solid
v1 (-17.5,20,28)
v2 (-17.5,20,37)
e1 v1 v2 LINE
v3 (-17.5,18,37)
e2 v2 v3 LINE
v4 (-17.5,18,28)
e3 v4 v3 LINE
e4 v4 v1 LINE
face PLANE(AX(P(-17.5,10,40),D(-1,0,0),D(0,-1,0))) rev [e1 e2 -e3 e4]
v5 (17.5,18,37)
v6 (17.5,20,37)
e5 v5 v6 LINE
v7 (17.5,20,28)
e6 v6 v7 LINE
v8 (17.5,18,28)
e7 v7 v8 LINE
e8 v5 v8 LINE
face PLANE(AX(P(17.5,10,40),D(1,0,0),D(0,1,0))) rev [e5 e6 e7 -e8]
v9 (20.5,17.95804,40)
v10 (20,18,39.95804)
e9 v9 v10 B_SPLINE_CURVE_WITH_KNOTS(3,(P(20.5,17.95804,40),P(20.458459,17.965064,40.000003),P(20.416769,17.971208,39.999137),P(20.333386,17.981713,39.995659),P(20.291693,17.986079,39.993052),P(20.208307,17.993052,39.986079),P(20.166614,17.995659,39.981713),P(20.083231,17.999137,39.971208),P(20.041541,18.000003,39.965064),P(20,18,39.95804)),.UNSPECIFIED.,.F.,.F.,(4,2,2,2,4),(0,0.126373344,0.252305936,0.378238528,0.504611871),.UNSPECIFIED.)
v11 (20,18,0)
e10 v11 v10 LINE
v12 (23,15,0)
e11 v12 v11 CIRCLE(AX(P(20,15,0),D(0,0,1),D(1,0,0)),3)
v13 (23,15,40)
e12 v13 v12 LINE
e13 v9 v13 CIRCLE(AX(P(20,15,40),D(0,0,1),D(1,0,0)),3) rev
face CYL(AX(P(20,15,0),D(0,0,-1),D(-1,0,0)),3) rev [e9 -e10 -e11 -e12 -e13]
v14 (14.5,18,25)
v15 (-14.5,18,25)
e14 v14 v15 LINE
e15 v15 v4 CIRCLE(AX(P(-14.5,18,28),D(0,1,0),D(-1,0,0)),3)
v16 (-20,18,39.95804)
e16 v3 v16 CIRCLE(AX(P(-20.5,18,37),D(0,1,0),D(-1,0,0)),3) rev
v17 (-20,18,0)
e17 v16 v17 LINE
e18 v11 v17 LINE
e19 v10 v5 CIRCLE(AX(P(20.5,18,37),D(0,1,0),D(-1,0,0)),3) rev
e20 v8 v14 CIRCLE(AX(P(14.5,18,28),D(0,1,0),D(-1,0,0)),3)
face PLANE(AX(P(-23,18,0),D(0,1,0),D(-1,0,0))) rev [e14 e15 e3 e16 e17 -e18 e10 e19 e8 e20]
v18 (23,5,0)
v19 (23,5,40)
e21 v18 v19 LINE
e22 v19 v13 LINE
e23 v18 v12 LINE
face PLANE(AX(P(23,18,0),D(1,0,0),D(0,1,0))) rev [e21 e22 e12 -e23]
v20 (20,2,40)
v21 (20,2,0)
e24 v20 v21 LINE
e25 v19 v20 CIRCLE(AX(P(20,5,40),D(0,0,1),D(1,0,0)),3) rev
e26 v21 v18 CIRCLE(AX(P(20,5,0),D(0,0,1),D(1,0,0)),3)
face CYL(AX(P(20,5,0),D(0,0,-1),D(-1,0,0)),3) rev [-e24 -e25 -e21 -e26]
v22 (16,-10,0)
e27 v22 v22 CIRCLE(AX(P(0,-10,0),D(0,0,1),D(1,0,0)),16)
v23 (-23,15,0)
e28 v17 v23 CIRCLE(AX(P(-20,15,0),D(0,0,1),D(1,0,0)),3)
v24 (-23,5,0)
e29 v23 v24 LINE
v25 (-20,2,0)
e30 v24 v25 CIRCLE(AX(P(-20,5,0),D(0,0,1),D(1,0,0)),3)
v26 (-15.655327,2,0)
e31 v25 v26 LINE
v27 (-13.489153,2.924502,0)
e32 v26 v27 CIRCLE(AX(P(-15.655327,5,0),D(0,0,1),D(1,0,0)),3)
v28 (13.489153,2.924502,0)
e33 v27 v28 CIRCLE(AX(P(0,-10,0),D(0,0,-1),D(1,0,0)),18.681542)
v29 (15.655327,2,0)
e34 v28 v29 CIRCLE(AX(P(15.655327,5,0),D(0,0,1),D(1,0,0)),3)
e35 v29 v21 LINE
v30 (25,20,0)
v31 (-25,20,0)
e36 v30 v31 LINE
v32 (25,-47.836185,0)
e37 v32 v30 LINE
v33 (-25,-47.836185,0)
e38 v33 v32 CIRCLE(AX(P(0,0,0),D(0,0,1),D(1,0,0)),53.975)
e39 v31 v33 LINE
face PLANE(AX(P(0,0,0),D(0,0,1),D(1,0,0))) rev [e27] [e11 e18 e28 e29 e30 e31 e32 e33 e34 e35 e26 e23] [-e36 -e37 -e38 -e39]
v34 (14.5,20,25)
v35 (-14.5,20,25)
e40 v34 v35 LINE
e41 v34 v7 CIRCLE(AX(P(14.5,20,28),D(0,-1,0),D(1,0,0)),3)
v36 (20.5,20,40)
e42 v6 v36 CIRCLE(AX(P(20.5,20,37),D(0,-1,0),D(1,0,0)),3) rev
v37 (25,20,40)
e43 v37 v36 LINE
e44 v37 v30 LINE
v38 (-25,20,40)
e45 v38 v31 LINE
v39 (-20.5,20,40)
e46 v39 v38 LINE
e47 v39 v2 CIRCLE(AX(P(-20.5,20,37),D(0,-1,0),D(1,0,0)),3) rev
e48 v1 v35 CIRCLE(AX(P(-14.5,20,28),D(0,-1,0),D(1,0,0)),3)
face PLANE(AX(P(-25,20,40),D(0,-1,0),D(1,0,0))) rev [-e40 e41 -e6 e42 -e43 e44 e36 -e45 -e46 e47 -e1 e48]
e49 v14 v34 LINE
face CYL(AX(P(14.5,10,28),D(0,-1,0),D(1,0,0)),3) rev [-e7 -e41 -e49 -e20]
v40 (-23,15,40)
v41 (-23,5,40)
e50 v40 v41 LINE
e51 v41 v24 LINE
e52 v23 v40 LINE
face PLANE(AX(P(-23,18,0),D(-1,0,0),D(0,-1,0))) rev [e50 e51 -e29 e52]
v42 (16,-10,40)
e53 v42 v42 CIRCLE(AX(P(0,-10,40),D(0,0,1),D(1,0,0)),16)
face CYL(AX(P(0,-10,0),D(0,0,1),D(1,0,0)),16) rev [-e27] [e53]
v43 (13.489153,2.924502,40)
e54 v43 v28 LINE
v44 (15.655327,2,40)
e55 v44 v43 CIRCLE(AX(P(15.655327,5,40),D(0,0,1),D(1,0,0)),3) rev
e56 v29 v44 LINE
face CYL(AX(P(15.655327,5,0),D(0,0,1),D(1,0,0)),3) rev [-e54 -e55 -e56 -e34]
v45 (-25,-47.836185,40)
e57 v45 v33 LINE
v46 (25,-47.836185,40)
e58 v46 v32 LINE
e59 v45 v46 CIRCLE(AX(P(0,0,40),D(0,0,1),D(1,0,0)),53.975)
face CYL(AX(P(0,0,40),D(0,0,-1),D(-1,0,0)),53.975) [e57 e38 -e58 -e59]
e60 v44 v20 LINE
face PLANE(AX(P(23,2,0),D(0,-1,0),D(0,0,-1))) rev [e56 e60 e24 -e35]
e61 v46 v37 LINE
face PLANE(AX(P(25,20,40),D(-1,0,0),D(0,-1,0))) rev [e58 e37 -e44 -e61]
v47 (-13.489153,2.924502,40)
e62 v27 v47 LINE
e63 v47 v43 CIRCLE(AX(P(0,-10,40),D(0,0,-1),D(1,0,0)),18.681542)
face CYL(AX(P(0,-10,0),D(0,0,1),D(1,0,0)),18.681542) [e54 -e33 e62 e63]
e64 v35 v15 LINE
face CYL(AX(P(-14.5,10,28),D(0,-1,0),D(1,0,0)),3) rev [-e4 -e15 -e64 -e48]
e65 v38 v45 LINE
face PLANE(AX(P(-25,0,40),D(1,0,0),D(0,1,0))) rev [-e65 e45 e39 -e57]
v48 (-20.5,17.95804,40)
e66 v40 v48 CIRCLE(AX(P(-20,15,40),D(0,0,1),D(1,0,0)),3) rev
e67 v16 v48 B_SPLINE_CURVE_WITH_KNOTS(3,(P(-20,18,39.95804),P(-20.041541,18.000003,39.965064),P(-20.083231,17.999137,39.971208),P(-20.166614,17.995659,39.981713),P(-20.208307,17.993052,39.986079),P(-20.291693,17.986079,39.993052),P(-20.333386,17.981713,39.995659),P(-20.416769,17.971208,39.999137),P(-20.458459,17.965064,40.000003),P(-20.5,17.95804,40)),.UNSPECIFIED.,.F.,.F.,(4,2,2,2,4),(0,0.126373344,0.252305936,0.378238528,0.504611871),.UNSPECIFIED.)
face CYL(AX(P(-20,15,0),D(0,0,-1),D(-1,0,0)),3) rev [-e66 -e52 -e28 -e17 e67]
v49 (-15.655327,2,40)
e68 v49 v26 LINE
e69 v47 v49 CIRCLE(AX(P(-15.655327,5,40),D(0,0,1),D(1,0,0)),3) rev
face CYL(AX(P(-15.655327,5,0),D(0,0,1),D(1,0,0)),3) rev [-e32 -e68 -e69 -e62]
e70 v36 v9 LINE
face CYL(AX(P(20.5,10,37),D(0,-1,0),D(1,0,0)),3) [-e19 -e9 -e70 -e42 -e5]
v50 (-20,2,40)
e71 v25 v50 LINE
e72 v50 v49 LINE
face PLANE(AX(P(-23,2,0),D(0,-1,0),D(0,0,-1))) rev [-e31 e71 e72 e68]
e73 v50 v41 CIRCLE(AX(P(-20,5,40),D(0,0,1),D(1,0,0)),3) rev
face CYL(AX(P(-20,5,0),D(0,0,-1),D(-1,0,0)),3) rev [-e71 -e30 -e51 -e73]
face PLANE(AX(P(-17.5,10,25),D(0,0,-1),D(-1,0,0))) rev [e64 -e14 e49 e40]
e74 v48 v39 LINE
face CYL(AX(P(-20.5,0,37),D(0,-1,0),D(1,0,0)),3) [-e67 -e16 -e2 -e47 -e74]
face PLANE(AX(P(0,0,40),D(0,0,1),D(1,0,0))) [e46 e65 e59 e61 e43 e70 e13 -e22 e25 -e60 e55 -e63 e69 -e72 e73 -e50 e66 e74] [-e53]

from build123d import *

# Parameters (mm, degrees)
BOSS_EXTRUDE2_DEPTH     = 40
CUT_EXTRUDE1_DEPTH      = 72.681940717
CUT_EXTRUDE1_DEPTH_BACK = 72.681940717
SKETCH2_R               = 16
CUT_EXTRUDE3_DEPTH      = 72.681940717
FILLET1_R               = 3
SKETCH5_W               = 35
SKETCH5_H               = 15
CUT_EXTRUDE4_DEPTH      = 10
FILLET2_R               = 3


with BuildPart() as part:
    # Sketch1 → Boss-Extrude2 (new body)
    with BuildSketch(Plane.XY):
        with BuildLine():
            Line((-25, 0), (-25, -47.83618531))
            ThreePointArc((-25, -47.83618531), (0, -53.975), (25, -47.83618531))
            Line((25, -47.83618531), (25, 0))
            Line((25, 0), (25, 20))
            Line((25, 20), (-25, 20))
            Line((-25, 20), (-25, 0))
        make_face()
    extrude(amount=BOSS_EXTRUDE2_DEPTH)

    # Sketch2 → Cut-Extrude1 (cut, two sides: drawn at the far end of the back side and taken through both)
    with BuildSketch(Plane.XY.offset(40).offset(-CUT_EXTRUDE1_DEPTH_BACK)):
        with Locations((0, -10)):
            Circle(SKETCH2_R)
    extrude(amount=CUT_EXTRUDE1_DEPTH + CUT_EXTRUDE1_DEPTH_BACK, mode=Mode.SUBTRACT)

    # Sketch4 → Cut-Extrude3 (cut, through all)
    with BuildSketch(Plane.XY.offset(40)):
        with BuildLine():
            Line((-23, 18), (23, 18))
            Line((23, 18), (23, 2))
            Line((23, 2), (14.317821063, 2))
            ThreePointArc((14.317821063, 2), (0, 8.681541692), (-14.317821063, 2))
            Line((-14.317821063, 2), (-23, 2))
            Line((-23, 2), (-23, 18))
        make_face()
    extrude(amount=-CUT_EXTRUDE3_DEPTH, mode=Mode.SUBTRACT)

    # Fillet1
    fillet1_edges = [part.edges().sort_by_distance(p)[0] for p in [
        (23, 18, 20),
        (23, 2, 20),
        (14.317821063, 2, 20),
        (-14.317821063, 2, 20),
        (-23, 2, 20),
        (-23, 18, 20),
    ]]
    fillet(fillet1_edges, radius=FILLET1_R)

    # Sketch5 → Cut-Extrude4 (cut)
    with BuildSketch(Plane(origin=(0, 20, 0), x_dir=(1, 0, 0), z_dir=(0, 1, 0))):
        with Locations((0, -32.5)):
            Rectangle(SKETCH5_W, SKETCH5_H)
    extrude(amount=-CUT_EXTRUDE4_DEPTH, mode=Mode.SUBTRACT)

    # Fillet2
    fillet2_edges = [part.edges().sort_by_distance(p)[0] for p in [
        (17.5, 19, 40),
        (17.5, 19, 25),
        (-17.5, 19, 25),
        (-17.5, 19, 40),
    ]]
    fillet(fillet2_edges, radius=FILLET2_R)


solid = part.part
